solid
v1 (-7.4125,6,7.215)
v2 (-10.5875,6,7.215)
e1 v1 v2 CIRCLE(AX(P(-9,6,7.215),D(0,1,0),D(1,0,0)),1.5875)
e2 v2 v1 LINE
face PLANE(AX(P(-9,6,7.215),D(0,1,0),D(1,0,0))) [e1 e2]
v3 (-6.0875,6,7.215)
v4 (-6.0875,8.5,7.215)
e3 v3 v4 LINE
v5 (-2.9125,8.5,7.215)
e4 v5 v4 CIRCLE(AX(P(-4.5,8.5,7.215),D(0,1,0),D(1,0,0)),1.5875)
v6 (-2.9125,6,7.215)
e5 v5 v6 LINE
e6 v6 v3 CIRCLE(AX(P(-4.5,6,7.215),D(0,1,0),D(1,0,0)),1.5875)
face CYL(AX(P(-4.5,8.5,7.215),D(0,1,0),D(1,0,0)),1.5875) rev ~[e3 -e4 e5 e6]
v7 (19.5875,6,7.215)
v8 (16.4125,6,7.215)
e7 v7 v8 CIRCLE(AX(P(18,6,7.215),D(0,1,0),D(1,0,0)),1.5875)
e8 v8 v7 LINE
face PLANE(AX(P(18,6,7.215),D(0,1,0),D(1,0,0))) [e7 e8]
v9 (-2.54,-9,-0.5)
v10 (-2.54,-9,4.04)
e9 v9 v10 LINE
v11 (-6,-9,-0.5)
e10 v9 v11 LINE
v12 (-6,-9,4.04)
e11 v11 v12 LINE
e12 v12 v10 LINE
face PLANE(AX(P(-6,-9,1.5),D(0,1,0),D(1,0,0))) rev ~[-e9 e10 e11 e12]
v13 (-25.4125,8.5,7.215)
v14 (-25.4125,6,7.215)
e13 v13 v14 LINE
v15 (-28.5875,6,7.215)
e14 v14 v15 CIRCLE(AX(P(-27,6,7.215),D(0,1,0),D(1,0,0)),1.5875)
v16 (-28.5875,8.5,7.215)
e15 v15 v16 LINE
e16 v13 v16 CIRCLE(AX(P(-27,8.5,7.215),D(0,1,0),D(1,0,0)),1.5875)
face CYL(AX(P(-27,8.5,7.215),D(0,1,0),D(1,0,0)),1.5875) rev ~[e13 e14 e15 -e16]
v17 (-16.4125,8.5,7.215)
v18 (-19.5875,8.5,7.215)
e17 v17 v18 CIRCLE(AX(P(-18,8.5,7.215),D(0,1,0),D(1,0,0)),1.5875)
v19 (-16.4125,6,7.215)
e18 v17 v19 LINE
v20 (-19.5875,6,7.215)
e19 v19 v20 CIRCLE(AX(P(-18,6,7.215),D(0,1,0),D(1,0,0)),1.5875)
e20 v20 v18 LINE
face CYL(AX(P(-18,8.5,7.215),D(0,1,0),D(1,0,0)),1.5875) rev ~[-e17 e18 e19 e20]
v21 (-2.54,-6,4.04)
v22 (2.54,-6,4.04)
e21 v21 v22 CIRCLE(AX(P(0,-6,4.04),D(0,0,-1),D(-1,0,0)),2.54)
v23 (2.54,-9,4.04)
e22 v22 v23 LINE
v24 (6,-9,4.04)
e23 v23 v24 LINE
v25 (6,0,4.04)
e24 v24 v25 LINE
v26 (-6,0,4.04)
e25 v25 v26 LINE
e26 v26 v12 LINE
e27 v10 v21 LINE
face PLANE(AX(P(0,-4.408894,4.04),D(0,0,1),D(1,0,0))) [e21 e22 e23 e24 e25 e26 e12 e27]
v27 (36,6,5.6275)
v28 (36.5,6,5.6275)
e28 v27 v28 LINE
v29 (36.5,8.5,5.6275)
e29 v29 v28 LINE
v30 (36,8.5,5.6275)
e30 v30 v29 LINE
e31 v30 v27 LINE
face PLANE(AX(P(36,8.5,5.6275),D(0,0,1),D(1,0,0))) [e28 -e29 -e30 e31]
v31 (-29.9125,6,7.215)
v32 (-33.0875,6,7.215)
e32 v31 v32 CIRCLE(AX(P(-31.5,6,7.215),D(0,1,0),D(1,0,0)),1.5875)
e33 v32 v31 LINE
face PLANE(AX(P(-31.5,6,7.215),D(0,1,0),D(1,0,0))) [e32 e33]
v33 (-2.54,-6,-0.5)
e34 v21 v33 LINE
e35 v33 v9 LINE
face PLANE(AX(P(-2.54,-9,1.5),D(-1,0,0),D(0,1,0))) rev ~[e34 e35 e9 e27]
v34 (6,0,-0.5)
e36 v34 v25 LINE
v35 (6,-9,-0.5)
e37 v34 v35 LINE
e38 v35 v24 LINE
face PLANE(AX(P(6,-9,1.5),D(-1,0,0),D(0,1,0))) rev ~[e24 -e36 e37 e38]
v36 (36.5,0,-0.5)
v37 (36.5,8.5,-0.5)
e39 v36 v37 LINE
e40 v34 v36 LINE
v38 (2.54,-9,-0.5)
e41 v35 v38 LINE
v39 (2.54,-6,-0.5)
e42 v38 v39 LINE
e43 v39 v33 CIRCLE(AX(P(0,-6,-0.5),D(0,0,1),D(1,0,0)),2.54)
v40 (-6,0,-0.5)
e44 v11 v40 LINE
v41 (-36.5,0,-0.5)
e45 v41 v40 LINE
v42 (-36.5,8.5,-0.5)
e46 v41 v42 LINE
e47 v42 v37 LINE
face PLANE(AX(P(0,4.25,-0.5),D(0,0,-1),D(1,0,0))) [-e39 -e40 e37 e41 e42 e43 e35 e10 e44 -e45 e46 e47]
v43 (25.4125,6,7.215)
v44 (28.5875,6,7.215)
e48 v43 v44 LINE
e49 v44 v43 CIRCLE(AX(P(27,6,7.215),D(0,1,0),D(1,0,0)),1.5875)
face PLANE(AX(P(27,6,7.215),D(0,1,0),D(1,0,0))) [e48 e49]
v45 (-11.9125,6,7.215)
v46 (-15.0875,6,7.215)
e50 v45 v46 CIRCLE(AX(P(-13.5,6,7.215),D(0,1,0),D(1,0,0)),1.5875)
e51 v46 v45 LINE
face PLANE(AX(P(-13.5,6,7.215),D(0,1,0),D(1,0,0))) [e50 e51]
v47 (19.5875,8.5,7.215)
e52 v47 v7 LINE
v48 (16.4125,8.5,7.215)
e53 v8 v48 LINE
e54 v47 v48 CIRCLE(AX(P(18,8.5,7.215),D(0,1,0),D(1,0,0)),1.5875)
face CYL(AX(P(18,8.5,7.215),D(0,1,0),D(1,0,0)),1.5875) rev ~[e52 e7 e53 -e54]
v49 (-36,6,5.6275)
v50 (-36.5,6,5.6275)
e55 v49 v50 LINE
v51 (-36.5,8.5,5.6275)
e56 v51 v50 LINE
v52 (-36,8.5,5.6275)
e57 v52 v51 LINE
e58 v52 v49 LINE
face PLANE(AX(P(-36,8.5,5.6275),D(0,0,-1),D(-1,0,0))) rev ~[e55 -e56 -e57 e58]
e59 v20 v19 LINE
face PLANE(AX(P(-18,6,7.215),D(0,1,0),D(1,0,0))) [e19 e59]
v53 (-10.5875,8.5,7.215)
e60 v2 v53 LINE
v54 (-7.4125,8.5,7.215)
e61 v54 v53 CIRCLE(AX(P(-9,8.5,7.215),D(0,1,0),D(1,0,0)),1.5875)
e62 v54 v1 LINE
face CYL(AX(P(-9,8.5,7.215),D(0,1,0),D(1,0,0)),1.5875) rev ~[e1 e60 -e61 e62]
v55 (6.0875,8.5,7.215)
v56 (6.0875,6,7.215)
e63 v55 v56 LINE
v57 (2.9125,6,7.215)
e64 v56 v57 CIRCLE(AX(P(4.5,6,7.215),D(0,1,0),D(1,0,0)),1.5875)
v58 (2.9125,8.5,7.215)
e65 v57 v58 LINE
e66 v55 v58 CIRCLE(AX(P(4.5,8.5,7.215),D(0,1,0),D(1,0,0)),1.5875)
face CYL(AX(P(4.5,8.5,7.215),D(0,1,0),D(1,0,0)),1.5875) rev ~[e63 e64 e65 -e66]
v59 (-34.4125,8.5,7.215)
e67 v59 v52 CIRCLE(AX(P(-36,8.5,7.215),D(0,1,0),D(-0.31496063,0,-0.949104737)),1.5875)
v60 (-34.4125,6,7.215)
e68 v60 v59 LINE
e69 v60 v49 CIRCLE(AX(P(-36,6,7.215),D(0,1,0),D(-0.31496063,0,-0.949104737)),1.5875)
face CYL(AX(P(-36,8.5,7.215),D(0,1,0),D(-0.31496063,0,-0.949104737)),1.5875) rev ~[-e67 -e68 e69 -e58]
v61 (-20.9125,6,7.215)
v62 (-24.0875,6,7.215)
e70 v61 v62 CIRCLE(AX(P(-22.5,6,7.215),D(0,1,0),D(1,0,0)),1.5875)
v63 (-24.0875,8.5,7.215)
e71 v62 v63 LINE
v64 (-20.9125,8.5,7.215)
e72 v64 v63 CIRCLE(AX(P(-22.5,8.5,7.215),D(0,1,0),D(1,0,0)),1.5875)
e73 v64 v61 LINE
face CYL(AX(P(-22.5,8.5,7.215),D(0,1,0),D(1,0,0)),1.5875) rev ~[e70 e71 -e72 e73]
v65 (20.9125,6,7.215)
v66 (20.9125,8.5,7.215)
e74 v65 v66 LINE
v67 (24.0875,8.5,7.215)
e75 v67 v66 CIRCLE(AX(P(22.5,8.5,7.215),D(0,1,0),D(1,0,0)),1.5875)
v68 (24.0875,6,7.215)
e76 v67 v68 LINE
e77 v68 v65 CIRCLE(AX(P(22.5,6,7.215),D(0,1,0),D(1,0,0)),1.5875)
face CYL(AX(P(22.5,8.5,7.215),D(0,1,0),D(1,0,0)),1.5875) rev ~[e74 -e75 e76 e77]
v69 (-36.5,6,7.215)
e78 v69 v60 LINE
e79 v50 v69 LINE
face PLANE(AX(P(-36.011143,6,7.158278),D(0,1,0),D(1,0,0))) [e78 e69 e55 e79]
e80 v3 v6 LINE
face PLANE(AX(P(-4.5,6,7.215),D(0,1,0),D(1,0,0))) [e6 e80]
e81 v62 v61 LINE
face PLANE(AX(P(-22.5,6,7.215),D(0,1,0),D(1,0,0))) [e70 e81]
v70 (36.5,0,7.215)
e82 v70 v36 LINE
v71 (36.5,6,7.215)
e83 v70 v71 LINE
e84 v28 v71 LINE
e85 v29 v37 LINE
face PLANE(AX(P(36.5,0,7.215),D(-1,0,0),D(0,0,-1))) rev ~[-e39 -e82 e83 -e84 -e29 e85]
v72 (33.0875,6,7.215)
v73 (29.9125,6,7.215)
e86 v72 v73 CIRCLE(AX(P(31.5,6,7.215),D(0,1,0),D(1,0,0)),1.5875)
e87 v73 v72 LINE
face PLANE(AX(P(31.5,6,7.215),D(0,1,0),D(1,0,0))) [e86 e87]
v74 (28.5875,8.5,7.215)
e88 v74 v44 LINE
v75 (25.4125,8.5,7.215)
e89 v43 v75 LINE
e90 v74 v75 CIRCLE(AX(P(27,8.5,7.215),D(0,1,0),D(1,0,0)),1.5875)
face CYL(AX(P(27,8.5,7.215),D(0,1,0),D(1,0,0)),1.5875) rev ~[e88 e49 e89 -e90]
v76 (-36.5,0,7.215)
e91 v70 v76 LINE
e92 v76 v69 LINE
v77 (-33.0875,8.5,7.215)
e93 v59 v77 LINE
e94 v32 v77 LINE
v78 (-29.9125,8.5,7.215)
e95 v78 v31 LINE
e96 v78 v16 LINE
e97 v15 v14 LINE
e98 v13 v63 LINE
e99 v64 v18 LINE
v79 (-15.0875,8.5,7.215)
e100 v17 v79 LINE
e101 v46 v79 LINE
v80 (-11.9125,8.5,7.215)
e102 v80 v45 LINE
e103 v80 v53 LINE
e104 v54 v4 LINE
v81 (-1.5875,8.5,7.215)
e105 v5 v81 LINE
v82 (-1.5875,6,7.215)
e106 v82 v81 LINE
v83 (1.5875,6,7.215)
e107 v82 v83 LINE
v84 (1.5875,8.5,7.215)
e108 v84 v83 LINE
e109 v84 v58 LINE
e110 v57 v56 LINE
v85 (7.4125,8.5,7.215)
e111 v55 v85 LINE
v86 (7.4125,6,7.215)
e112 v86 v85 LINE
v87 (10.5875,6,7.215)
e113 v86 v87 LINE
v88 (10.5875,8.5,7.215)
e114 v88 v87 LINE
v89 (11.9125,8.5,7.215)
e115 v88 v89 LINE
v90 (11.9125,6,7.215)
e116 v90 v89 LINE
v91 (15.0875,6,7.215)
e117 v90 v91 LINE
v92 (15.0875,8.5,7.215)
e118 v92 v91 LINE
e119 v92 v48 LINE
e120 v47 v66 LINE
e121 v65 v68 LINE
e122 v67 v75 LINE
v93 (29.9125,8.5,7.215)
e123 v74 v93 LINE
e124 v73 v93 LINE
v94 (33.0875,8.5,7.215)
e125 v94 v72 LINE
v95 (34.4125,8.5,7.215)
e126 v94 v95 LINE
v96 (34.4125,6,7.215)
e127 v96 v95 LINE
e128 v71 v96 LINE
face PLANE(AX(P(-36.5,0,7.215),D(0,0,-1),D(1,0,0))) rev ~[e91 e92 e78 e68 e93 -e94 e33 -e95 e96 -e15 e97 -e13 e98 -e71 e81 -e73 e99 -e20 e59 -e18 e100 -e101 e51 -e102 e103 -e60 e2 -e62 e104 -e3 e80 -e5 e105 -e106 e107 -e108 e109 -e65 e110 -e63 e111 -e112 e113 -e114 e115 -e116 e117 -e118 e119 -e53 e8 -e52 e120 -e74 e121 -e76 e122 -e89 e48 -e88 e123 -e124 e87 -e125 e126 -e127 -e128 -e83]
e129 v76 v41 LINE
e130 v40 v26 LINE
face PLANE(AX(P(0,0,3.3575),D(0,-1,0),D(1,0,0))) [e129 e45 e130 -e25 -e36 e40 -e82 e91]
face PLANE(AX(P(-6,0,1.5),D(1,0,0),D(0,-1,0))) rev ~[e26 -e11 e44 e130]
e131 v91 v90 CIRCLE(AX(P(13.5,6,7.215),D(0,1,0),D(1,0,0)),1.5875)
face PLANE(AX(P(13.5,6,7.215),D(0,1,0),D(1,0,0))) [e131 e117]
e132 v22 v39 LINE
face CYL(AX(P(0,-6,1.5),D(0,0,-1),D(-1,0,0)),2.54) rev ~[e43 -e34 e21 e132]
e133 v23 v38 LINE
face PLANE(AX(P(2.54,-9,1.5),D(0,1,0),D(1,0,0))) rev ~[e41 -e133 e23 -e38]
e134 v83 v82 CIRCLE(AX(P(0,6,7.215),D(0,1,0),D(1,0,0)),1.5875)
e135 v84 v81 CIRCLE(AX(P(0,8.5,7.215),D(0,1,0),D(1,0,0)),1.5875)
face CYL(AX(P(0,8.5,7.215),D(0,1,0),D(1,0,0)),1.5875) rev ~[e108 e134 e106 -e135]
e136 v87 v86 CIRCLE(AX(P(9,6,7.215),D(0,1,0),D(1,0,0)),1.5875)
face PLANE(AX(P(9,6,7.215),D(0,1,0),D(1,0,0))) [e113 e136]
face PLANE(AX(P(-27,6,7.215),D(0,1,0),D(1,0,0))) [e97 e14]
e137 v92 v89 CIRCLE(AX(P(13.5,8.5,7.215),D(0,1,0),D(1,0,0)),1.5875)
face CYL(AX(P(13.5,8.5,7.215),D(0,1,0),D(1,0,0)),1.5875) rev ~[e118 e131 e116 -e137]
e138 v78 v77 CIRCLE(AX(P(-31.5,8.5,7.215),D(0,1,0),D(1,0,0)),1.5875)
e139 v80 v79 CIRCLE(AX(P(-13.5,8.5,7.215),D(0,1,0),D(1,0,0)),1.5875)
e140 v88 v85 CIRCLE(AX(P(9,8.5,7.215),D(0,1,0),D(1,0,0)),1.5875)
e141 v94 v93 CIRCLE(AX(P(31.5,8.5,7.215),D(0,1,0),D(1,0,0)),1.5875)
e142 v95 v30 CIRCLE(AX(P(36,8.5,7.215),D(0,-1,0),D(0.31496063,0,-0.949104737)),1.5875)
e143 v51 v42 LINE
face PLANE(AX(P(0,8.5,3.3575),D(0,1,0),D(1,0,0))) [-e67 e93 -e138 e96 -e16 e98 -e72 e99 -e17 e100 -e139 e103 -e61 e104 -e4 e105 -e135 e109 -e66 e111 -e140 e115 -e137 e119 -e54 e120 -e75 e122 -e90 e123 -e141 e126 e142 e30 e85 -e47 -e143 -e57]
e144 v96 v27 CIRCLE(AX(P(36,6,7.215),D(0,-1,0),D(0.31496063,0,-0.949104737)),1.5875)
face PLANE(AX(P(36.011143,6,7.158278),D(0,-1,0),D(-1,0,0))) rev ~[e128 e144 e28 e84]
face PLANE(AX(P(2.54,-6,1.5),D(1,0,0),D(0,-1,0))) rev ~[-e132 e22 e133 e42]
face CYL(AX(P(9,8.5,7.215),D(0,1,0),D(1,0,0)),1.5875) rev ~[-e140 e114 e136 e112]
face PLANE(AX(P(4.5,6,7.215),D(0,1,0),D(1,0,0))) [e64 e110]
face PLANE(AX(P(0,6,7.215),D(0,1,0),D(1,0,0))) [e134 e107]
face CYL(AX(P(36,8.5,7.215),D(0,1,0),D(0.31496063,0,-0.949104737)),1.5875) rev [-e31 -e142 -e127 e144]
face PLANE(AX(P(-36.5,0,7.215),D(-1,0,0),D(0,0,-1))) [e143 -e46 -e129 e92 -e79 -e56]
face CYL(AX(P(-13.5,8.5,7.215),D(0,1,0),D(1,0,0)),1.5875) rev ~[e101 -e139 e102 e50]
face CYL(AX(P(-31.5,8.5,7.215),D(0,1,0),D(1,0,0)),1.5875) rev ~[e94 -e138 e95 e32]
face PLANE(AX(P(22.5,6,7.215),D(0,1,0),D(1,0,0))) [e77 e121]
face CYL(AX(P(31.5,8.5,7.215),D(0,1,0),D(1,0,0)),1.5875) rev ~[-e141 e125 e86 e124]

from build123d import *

# Parameters (mm, degrees)
SKETCH1_W                       = 73
SKETCH1_H                       = 7.715
BOSS_EXTRUDE1_DEPTH             = 8.5
BOSS_EXTRUDE5_REACH             = 40.165
BOSS_EXTRUDE5_DIRECTION_2_REACH = 40.165
SKETCH6_W                       = 12
SKETCH6_H                       = 3.715
CUT_EXTRUDE1_DEPTH              = 9
SKETCH7_R                       = 1.5875
CUT_EXTRUDE2_DEPTH              = 2.5
CUT_EXTRUDE3_DEPTH              = 2.54
BOSS_EXTRUDE6_DEPTH             = 2.54


with BuildPart() as part:
    # Sketch1 → Boss-Extrude1 (new body)
    with BuildSketch(Plane(origin=(0, 0, 0), x_dir=(1, 0, 0), z_dir=(0, 1, 0))):
        with Locations((0, -3.3575)):
            Rectangle(SKETCH1_W, SKETCH1_H)
    extrude(amount=BOSS_EXTRUDE1_DEPTH)

    # Boss-Extrude5: up to this face of the body (flat: up to its plane)
    boss_extrude5_end = Plane(part.part.faces().sort_by_distance((0, 4.25, 7.215))[0])
    # Sketch5 → Boss-Extrude5 (add, up to the picked face)
    with BuildSketch(Plane.XY, mode=Mode.PRIVATE) as boss_extrude5_sk1:
        with BuildLine():
            Line((-2.54, -6), (-2.54, -9))
            Line((-2.54, -9), (-6, -9))
            Line((-6, -9), (-6, 0))
            Line((-6, 0), (6, 0))
            Line((6, 0), (6, -9))
            Line((6, -9), (2.54, -9))
            Line((2.54, -9), (2.54, -6))
            ThreePointArc((2.54, -6), (0, -3.46), (-2.54, -6))
        make_face()
    boss_extrude5_tool1 = split(extrude(boss_extrude5_sk1.sketch, amount=BOSS_EXTRUDE5_REACH, mode=Mode.PRIVATE), bisect_by=boss_extrude5_end, keep=Keep.BOTH, mode=Mode.PRIVATE)
    add(boss_extrude5_tool1.solids().sort_by(Axis((-2.69, -7.5, 0), (0, 0, 1)))[0])

    # Boss-Extrude5 direction 2: up to this face of the body (flat: up to its plane)
    boss_extrude5_direction_2_end = Plane(part.part.faces().sort_by_distance((0, 4.25, -0.5))[0])
    # Sketch5 → Boss-Extrude5 direction 2 (add, up to the picked face)
    with BuildSketch(Plane.XY, mode=Mode.PRIVATE) as boss_extrude5_direction_2_sk1:
        with BuildLine():
            Line((-2.54, -6), (-2.54, -9))
            Line((-2.54, -9), (-6, -9))
            Line((-6, -9), (-6, 0))
            Line((-6, 0), (6, 0))
            Line((6, 0), (6, -9))
            Line((6, -9), (2.54, -9))
            Line((2.54, -9), (2.54, -6))
            ThreePointArc((2.54, -6), (0, -3.46), (-2.54, -6))
        make_face()
    boss_extrude5_direction_2_tool1 = split(extrude(boss_extrude5_direction_2_sk1.sketch, amount=-BOSS_EXTRUDE5_DIRECTION_2_REACH, mode=Mode.PRIVATE), bisect_by=boss_extrude5_direction_2_end, keep=Keep.BOTH, mode=Mode.PRIVATE)
    add(boss_extrude5_direction_2_tool1.solids().sort_by(Axis((-2.69, -7.5, 0), (0, 0, -1)))[0])

    # Sketch6 → Cut-Extrude1 (cut)
    with BuildSketch(Plane.XZ.offset(9)):
        with Locations((0, 3.3575)):
            Rectangle(SKETCH6_W, SKETCH6_H)
    extrude(amount=-CUT_EXTRUDE1_DEPTH, mode=Mode.SUBTRACT)

    # Sketch7 → Cut-Extrude2 (cut)
    with BuildSketch(Plane(origin=(0, 8.5, 0), x_dir=(1, 0, 0), z_dir=(0, 1, 0))):
        with Locations((0, -7.215)):
            Circle(SKETCH7_R)
        with Locations((4.5, -7.215)):
            Circle(SKETCH7_R)
        with Locations((9, -7.215)):
            Circle(SKETCH7_R)
        with Locations((13.5, -7.215)):
            Circle(SKETCH7_R)
        with Locations((18, -7.215)):
            Circle(SKETCH7_R)
        with Locations((22.5, -7.215)):
            Circle(SKETCH7_R)
        with Locations((27, -7.215)):
            Circle(SKETCH7_R)
        with Locations((31.5, -7.215)):
            Circle(SKETCH7_R)
        with Locations((-31.5, -7.215)):
            Circle(SKETCH7_R)
        with Locations((-27, -7.215)):
            Circle(SKETCH7_R)
        with Locations((-22.5, -7.215)):
            Circle(SKETCH7_R)
        with Locations((-18, -7.215)):
            Circle(SKETCH7_R)
        with Locations((-13.5, -7.215)):
            Circle(SKETCH7_R)
        with Locations((-9, -7.215)):
            Circle(SKETCH7_R)
        with Locations((-4.5, -7.215)):
            Circle(SKETCH7_R)
        with BuildLine():
            Line((36, -5.6275), (36.5, -5.6275))
            Line((36.5, -5.6275), (36.5, -5.70829623))
            ThreePointArc((36.5, -5.70829623), (35.746757018, -8.782170776), (36, -5.6275))
        make_face()
        with BuildLine():
            Line((-36.5, -5.6275), (-36.5, -5.70829623))
            ThreePointArc((-36.5, -5.70829623), (-35.746757018, -8.782170776), (-36, -5.6275))
            Line((-36, -5.6275), (-36.5, -5.6275))
        make_face()
    extrude(amount=-CUT_EXTRUDE2_DEPTH, mode=Mode.SUBTRACT)

    # Sketch8 → Cut-Extrude3 (cut)
    with BuildSketch(Plane(origin=(0, 0, 5.215), x_dir=(-1, 0, 0), z_dir=(0, 0, -1))):
        with BuildLine():
            Line((2.54, -6), (2.54, -9))
            Line((2.54, -9), (6, -9))
            Line((6, -9), (6, 0))
            Line((6, 0), (-6, 0))
            Line((-6, 0), (-6, -9))
            Line((-6, -9), (-2.54, -9))
            Line((-2.54, -9), (-2.54, -6))
            ThreePointArc((-2.54, -6), (0, -3.46), (2.54, -6))
        make_face()
    extrude(amount=-CUT_EXTRUDE3_DEPTH, mode=Mode.SUBTRACT)

    # Sketch9 → Boss-Extrude6 (add)
    with BuildSketch(Plane.XY.offset(1.5)):
        with BuildLine():
            Line((2.54, -9), (6, -9))
            Line((6, -9), (6, 0))
            Line((6, 0), (-6, 0))
            Line((-6, 0), (-6, -9))
            Line((-6, -9), (-2.54, -9))
            Line((-2.54, -9), (-2.54, -6))
            ThreePointArc((-2.54, -6), (0, -3.46), (2.54, -6))
            Line((2.54, -6), (2.54, -9))
        make_face()
    extrude(amount=BOSS_EXTRUDE6_DEPTH)


solid = part.part
